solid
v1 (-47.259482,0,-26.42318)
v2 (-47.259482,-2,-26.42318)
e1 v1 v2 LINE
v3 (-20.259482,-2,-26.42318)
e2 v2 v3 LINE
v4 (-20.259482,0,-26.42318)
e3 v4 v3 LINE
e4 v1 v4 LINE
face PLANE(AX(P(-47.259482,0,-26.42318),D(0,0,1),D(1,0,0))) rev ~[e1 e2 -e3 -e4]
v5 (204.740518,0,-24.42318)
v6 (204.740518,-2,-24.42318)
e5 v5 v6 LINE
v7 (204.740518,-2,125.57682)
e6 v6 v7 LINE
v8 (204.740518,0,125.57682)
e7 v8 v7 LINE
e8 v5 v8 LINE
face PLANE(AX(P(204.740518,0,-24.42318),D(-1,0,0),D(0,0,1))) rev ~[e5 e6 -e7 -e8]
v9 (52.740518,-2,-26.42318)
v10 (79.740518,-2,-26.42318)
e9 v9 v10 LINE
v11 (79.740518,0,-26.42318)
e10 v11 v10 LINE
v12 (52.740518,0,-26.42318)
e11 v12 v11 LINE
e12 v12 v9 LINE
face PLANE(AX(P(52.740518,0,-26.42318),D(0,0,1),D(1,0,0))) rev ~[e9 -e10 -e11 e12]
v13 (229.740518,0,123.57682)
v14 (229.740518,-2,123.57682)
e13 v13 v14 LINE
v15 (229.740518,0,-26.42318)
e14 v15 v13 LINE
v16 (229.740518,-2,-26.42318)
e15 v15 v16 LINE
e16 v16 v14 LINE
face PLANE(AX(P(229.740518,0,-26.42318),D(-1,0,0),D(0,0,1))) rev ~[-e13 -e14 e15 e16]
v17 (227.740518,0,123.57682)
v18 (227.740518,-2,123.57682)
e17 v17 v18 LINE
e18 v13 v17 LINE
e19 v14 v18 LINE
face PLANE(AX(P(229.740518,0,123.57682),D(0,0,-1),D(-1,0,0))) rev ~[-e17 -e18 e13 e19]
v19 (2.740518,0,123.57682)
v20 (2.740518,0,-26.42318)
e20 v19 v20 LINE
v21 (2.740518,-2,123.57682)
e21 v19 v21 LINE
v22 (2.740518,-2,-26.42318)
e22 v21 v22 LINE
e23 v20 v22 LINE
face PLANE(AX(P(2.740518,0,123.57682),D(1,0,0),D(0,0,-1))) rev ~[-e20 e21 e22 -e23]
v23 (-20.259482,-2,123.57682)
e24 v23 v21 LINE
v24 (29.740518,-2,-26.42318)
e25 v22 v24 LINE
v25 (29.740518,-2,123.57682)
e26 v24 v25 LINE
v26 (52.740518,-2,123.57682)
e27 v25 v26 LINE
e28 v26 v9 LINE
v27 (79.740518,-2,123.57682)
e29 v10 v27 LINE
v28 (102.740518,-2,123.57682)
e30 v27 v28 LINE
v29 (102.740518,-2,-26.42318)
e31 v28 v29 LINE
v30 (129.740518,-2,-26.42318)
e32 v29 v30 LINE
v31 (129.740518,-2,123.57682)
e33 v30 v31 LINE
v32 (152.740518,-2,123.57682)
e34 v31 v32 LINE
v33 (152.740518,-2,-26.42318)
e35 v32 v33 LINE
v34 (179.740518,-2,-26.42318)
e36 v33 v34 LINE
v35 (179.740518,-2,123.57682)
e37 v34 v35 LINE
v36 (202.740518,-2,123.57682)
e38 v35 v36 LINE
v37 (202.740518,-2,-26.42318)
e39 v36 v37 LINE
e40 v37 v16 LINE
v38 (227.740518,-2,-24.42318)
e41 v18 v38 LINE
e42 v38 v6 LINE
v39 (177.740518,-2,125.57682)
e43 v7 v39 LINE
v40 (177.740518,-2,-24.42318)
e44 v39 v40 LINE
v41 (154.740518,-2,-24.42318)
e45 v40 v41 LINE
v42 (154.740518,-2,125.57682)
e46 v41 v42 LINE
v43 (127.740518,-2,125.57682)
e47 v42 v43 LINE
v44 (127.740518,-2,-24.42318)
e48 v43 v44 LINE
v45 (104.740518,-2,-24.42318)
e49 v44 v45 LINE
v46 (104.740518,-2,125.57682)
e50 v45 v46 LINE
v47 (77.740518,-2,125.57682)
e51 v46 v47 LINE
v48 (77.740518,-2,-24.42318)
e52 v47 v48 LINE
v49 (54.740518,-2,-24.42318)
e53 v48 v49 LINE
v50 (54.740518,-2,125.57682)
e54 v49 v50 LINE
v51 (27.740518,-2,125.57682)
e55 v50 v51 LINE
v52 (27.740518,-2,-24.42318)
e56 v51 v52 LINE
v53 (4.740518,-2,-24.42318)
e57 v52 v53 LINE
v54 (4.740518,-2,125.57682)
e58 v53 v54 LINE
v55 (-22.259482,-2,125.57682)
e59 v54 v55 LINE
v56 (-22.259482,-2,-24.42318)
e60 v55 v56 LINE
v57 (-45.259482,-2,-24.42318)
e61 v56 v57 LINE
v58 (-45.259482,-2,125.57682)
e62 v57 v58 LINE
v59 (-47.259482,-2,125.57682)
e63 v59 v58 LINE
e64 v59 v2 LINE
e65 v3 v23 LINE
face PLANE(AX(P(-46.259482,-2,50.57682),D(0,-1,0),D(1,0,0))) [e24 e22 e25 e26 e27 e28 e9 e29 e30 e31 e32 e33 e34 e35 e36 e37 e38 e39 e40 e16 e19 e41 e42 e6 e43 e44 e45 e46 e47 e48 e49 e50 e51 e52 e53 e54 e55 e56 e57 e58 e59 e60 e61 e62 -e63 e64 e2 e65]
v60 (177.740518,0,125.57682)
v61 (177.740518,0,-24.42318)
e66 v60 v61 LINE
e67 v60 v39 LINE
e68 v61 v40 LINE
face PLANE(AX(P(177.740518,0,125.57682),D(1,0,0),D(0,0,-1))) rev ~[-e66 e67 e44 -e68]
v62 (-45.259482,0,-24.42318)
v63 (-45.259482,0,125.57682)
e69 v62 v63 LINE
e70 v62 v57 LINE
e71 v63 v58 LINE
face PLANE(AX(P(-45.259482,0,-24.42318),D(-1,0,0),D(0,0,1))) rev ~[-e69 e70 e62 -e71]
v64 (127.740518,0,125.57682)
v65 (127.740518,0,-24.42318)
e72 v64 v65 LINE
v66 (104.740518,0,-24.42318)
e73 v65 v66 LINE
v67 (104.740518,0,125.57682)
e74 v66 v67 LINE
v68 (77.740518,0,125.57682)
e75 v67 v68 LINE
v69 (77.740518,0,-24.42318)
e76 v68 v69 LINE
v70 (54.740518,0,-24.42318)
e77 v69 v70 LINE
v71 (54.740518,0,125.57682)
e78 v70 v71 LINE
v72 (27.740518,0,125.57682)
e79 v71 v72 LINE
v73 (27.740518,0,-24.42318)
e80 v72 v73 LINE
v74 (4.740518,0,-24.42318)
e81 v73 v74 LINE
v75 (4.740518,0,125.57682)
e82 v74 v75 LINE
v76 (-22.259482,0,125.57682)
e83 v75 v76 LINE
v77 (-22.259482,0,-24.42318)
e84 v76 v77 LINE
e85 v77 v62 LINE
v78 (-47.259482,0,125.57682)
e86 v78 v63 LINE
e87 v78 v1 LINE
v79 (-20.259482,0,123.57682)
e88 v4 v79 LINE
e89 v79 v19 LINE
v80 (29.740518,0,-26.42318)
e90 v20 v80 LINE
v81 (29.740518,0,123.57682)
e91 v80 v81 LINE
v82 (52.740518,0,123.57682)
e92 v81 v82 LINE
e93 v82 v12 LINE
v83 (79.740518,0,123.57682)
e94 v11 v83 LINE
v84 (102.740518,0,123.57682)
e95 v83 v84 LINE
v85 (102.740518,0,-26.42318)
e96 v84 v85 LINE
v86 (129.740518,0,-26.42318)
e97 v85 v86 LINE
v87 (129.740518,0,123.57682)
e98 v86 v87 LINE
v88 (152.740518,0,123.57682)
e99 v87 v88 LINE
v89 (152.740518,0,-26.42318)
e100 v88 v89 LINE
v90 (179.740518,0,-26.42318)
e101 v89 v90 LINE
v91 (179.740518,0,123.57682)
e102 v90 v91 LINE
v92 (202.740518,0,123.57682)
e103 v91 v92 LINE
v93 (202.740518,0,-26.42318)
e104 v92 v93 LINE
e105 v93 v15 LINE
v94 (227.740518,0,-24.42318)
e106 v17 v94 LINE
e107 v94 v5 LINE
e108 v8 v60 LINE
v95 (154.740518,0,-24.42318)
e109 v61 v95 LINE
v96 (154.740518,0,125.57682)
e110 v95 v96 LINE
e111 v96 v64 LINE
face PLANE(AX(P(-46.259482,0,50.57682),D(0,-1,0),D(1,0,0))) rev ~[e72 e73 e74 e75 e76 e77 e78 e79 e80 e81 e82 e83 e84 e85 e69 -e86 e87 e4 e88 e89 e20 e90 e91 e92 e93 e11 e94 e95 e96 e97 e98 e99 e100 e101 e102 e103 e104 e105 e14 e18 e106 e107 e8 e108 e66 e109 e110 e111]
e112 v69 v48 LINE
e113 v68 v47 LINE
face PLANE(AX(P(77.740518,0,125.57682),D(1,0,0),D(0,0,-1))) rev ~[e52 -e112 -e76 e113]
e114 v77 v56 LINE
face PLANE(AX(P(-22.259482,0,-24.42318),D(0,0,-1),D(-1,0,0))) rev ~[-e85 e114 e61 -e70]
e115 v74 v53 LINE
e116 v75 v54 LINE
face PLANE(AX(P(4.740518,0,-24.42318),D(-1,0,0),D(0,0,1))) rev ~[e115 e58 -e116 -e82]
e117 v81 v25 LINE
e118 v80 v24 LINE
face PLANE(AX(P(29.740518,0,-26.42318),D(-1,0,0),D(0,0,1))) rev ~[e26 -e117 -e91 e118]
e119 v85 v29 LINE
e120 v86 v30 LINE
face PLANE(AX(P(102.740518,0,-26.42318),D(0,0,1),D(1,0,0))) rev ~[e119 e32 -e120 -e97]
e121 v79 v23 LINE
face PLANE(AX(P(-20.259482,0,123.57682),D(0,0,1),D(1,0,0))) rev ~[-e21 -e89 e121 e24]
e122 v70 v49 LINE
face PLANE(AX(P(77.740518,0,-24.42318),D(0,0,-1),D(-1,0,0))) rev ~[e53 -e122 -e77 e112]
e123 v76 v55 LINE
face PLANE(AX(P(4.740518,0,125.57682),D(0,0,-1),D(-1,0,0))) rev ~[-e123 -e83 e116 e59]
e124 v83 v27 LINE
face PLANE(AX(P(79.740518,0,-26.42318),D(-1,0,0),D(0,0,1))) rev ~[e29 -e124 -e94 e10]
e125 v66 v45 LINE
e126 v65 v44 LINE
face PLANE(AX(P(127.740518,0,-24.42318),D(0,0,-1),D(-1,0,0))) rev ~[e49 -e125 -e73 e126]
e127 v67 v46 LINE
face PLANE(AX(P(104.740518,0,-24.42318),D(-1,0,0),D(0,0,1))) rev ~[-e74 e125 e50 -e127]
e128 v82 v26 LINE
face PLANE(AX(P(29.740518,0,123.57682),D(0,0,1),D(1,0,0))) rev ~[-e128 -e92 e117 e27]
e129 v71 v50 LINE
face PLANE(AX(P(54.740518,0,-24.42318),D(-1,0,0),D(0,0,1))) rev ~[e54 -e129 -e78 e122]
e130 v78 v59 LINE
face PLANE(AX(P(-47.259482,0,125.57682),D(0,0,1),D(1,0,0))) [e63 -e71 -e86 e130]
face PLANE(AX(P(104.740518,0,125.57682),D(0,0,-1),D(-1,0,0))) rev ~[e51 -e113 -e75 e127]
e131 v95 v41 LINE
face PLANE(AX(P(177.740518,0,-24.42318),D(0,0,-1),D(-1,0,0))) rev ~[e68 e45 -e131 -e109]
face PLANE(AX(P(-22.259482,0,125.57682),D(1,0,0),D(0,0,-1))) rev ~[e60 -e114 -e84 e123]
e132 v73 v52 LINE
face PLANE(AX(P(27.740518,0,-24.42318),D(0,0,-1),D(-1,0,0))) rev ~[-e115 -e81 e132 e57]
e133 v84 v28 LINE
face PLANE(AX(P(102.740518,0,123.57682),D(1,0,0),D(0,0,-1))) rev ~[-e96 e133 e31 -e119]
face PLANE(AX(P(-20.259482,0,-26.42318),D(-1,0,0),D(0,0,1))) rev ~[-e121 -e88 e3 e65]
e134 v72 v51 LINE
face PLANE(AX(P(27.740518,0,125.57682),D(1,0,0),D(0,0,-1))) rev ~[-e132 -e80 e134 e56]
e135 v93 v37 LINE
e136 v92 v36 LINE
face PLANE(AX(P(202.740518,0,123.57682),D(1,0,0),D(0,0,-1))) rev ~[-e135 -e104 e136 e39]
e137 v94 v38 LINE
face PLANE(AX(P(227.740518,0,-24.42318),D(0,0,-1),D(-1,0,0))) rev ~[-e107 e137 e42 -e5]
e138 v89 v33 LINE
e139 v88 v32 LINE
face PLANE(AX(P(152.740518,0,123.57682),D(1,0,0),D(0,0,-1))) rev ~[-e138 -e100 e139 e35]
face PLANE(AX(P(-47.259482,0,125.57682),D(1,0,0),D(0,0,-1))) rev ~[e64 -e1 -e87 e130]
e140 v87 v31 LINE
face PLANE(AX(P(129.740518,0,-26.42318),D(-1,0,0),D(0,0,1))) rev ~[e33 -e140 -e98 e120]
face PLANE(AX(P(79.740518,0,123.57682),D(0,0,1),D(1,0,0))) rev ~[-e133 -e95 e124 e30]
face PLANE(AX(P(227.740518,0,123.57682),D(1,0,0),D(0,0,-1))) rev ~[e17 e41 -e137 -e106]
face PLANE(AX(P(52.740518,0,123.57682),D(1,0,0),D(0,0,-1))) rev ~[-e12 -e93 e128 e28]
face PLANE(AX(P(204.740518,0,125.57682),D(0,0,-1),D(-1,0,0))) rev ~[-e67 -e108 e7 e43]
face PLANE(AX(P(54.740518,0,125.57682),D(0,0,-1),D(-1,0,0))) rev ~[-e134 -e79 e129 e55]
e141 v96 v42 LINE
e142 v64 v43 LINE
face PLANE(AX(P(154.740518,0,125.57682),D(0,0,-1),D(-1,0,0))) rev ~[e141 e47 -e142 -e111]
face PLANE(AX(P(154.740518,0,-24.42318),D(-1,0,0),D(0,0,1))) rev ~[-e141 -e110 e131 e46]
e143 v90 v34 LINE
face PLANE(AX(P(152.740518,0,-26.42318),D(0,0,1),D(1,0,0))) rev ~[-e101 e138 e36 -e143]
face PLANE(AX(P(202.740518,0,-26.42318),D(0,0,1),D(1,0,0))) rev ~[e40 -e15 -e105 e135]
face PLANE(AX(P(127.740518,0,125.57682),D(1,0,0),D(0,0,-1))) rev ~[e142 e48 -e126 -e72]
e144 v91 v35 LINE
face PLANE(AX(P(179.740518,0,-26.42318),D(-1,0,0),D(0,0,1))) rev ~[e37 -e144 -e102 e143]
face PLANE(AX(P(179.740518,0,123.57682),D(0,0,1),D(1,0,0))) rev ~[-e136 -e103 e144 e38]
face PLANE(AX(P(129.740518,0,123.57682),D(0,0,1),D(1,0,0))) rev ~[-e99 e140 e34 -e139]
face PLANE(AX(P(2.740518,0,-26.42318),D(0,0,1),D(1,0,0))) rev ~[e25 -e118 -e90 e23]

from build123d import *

# Parameters (mm, degrees)
F0_W     = 2
F0_H     = 150
F1_DEPTH = 2


with BuildPart() as f1:
    # F0 (on Front) → F1 (new body)
    with BuildSketch(Plane.XZ):
        with Locations((-46.259482, 50.57682)):
            Rectangle(F0_W, F0_H)
        Polygon((227.740518, 123.57682), (227.740518, -24.42318), (227.740518, -26.42318), (229.740518, -26.42318), (229.740518, 123.57682), align=None)
        Polygon((-45.259482, -24.42318), (-47.259482, -24.42318), (-47.259482, -26.42318), (-22.259482, -26.42318), (-22.259482, -24.42318), align=None)
        Polygon((-22.259482, 123.57682), (-22.259482, -24.42318), (-22.259482, -26.42318), (-20.259482, -26.42318), (-20.259482, 123.57682), align=None)
        Polygon((-22.259482, 125.57682), (-22.259482, 123.57682), (-20.259482, 123.57682), (2.740518, 123.57682), (2.740518, 125.57682), align=None)
        Polygon((2.740518, 125.57682), (2.740518, 123.57682), (2.740518, -24.42318), (4.740518, -24.42318), (4.740518, 125.57682), align=None)
        Polygon((4.740518, -24.42318), (2.740518, -24.42318), (2.740518, -26.42318), (27.740518, -26.42318), (27.740518, -24.42318), align=None)
        Polygon((27.740518, 123.57682), (27.740518, -24.42318), (27.740518, -26.42318), (29.740518, -26.42318), (29.740518, 123.57682), align=None)
        Polygon((27.740518, 125.57682), (27.740518, 123.57682), (29.740518, 123.57682), (52.740518, 123.57682), (52.740518, 125.57682), align=None)
        Polygon((52.740518, 125.57682), (52.740518, 123.57682), (52.740518, -24.42318), (54.740518, -24.42318), (54.740518, 125.57682), align=None)
        Polygon((54.740518, -24.42318), (52.740518, -24.42318), (52.740518, -26.42318), (77.740518, -26.42318), (77.740518, -24.42318), align=None)
        Polygon((77.740518, 123.57682), (77.740518, -24.42318), (77.740518, -26.42318), (79.740518, -26.42318), (79.740518, 123.57682), align=None)
        Polygon((77.740518, 125.57682), (77.740518, 123.57682), (79.740518, 123.57682), (102.740518, 123.57682), (102.740518, 125.57682), align=None)
        Polygon((102.740518, 125.57682), (102.740518, 123.57682), (102.740518, -24.42318), (104.740518, -24.42318), (104.740518, 125.57682), align=None)
        Polygon((104.740518, -24.42318), (102.740518, -24.42318), (102.740518, -26.42318), (127.740518, -26.42318), (127.740518, -24.42318), align=None)
        Polygon((127.740518, 123.57682), (127.740518, -24.42318), (127.740518, -26.42318), (129.740518, -26.42318), (129.740518, 123.57682), align=None)
        Polygon((127.740518, 125.57682), (127.740518, 123.57682), (129.740518, 123.57682), (152.740518, 123.57682), (152.740518, 125.57682), align=None)
        Polygon((152.740518, 125.57682), (152.740518, 123.57682), (152.740518, -24.42318), (154.740518, -24.42318), (154.740518, 125.57682), align=None)
        Polygon((154.740518, -24.42318), (152.740518, -24.42318), (152.740518, -26.42318), (177.740518, -26.42318), (177.740518, -24.42318), align=None)
        Polygon((177.740518, 123.57682), (177.740518, -24.42318), (177.740518, -26.42318), (179.740518, -26.42318), (179.740518, 123.57682), align=None)
        Polygon((177.740518, 125.57682), (177.740518, 123.57682), (179.740518, 123.57682), (202.740518, 123.57682), (202.740518, 125.57682), align=None)
        Polygon((202.740518, 125.57682), (202.740518, 123.57682), (202.740518, -24.42318), (204.740518, -24.42318), (204.740518, 125.57682), align=None)
        Polygon((204.740518, -24.42318), (202.740518, -24.42318), (202.740518, -26.42318), (227.740518, -26.42318), (227.740518, -24.42318), align=None)
    extrude(amount=F1_DEPTH)


solid = f1.part
